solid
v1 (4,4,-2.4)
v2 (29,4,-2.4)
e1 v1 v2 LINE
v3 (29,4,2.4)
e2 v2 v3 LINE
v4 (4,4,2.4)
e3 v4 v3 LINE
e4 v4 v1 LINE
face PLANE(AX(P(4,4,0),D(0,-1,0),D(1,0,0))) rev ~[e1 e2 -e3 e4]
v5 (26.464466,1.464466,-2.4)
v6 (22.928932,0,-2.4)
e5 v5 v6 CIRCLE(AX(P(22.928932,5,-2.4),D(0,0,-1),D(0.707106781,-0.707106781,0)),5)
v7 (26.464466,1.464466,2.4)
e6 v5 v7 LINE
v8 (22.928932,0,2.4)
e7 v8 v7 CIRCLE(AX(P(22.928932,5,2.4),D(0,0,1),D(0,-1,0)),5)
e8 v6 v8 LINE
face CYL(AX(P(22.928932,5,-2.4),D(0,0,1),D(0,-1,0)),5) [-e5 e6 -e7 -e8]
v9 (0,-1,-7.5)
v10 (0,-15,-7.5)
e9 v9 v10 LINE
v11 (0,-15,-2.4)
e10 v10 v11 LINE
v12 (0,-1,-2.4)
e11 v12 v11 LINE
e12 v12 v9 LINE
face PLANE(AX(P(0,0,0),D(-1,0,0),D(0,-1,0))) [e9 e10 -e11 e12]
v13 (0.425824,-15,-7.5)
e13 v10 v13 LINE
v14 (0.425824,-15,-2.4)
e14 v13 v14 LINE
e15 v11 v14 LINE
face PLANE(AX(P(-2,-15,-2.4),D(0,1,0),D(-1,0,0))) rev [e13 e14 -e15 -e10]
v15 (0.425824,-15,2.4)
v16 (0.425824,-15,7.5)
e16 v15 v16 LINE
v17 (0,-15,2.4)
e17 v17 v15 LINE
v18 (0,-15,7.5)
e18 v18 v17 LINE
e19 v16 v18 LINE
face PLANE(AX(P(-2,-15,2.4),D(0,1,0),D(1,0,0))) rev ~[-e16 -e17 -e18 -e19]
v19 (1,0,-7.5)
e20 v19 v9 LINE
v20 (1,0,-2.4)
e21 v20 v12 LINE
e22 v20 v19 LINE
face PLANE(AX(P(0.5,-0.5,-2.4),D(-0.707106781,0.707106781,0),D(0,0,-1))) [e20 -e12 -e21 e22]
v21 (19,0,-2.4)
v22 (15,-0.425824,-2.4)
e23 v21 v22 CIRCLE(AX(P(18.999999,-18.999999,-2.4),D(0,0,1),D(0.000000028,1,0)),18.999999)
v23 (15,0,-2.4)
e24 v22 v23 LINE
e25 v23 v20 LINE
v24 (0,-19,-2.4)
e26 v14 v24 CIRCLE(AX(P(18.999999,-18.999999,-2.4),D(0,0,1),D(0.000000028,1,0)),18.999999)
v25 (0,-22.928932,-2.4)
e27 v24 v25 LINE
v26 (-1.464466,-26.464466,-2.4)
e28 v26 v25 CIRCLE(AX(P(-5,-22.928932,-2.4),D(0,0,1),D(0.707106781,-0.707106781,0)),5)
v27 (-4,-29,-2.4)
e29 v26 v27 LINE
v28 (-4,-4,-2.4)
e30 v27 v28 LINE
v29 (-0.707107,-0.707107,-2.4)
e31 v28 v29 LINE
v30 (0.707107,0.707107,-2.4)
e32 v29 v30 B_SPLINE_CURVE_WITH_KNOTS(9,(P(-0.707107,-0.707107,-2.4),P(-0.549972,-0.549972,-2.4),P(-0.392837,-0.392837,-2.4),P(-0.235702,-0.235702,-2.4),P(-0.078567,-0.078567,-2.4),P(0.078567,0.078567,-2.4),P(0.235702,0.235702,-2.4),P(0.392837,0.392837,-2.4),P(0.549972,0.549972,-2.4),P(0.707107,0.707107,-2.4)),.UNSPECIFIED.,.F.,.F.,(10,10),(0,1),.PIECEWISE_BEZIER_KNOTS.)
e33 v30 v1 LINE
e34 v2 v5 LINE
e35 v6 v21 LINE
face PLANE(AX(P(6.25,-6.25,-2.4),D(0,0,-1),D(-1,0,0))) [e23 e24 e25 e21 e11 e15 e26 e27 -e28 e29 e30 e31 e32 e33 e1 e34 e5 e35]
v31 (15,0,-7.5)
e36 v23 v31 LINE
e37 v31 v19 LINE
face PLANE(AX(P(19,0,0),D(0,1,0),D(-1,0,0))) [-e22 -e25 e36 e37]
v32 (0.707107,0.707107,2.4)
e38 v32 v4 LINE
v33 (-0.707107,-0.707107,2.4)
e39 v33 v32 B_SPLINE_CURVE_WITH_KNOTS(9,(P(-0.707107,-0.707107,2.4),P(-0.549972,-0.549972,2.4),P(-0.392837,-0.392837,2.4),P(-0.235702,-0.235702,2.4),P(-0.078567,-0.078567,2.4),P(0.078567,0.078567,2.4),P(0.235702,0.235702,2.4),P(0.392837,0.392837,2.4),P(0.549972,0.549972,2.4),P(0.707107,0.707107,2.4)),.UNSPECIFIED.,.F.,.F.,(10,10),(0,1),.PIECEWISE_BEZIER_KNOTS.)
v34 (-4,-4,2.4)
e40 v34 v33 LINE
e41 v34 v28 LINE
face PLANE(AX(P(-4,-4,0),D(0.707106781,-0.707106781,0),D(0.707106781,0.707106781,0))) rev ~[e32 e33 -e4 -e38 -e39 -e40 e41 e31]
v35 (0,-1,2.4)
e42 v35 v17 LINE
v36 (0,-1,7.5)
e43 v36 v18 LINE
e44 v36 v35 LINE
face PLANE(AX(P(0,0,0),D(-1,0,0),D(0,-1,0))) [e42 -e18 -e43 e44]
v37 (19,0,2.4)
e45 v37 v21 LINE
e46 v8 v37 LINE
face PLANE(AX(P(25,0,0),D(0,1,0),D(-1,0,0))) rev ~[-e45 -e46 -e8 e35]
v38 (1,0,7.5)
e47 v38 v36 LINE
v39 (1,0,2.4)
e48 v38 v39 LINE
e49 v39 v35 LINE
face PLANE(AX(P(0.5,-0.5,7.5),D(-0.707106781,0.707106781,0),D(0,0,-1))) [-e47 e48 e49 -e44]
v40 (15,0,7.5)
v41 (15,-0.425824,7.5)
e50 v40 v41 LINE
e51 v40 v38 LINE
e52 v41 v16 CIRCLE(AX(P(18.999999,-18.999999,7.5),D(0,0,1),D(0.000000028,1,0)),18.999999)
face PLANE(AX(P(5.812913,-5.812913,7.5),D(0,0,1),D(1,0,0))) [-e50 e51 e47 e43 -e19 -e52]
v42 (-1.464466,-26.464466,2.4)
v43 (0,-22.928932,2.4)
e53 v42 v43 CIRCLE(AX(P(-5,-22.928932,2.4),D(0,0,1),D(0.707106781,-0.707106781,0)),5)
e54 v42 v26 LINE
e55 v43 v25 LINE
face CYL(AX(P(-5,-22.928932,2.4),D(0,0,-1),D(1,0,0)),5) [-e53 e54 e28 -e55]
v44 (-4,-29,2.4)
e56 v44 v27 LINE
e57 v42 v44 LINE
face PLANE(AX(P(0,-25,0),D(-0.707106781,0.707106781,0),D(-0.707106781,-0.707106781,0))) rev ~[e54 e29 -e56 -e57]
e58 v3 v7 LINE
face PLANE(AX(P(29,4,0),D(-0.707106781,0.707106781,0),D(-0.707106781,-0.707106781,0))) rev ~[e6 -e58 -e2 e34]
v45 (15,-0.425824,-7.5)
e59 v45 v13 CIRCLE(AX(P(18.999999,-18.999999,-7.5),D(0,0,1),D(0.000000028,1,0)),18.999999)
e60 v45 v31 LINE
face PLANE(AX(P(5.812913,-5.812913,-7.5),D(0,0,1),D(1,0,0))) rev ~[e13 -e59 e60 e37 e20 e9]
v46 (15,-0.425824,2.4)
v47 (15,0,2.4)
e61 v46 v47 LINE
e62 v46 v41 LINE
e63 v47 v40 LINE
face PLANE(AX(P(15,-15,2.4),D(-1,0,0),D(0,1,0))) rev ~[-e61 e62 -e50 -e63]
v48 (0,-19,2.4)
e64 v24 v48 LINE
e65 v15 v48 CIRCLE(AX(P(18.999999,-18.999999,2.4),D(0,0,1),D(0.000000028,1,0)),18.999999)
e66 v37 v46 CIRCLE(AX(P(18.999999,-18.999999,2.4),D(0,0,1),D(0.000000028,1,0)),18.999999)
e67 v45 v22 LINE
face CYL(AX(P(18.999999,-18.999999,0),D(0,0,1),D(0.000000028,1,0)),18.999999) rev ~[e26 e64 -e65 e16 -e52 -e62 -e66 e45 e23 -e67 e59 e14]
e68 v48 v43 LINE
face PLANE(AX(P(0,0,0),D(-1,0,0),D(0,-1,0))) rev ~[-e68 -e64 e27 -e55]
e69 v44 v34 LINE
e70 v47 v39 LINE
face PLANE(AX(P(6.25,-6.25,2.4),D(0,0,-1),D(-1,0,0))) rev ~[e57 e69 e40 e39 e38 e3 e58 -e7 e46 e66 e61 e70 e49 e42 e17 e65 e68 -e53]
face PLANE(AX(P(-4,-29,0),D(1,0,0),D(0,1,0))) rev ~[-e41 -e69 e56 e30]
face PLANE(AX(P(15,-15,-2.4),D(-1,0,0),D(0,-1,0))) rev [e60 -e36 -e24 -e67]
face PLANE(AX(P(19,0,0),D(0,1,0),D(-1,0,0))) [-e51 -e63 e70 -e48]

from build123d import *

# Parameters (mm, degrees)
PAD_DEPTH    = 7.5
PAD001_DEPTH = 2.4
FILLET_R     = 5
POCKET_DEPTH = 103.141808
CHAMFER_SIZE = 1


with BuildPart() as part:
    # Sketch → Pad (new body, symmetric)
    with BuildSketch(Plane.XY):
        with BuildLine():
            Line((0, 0), (0, -19))
            ThreePointArc((19, 0), (5.564971, -5.564971), (0, -19))
            Line((19, 0), (0, 0))
        make_face()
    extrude(amount=PAD_DEPTH, both=True)

    # Sketch001 → Pad001 (join, symmetric)
    with BuildSketch(Plane.XY):
        Polygon((0, 0), (0, -25), (-4, -29), (-4, -4), (4, 4), (29, 4), (25, 0), align=None)
    extrude(amount=PAD001_DEPTH, both=True)

    # Fillet
    fillet_edges = [part.edges().sort_by_distance(p)[0] for p in [
        (0, -25, 0),
        (25, 0, 0),
    ]]
    fillet(fillet_edges, radius=FILLET_R)

    # Sketch002 (on Face8 of Fillet) → Pocket (cut, through all)
    with BuildSketch(Plane.XY.offset(2.4)):
        Polygon((-2, -15), (15, -15), (15, 2), (23, 2), (23, -23), (-2, -23), align=None)
    pocket = extrude(amount=POCKET_DEPTH, mode=Mode.SUBTRACT)

    # Mirrored: Pocket across XY
    add(pocket.mirror(Plane.XY), mode=Mode.SUBTRACT)

    # Chamfer
    chamfer_edges = [part.edges().sort_by_distance(p)[0] for p in [
        (0, 0, 4.95),
        (0, 0, -4.95),
    ]]
    chamfer(chamfer_edges, length=CHAMFER_SIZE)


solid = part.part
